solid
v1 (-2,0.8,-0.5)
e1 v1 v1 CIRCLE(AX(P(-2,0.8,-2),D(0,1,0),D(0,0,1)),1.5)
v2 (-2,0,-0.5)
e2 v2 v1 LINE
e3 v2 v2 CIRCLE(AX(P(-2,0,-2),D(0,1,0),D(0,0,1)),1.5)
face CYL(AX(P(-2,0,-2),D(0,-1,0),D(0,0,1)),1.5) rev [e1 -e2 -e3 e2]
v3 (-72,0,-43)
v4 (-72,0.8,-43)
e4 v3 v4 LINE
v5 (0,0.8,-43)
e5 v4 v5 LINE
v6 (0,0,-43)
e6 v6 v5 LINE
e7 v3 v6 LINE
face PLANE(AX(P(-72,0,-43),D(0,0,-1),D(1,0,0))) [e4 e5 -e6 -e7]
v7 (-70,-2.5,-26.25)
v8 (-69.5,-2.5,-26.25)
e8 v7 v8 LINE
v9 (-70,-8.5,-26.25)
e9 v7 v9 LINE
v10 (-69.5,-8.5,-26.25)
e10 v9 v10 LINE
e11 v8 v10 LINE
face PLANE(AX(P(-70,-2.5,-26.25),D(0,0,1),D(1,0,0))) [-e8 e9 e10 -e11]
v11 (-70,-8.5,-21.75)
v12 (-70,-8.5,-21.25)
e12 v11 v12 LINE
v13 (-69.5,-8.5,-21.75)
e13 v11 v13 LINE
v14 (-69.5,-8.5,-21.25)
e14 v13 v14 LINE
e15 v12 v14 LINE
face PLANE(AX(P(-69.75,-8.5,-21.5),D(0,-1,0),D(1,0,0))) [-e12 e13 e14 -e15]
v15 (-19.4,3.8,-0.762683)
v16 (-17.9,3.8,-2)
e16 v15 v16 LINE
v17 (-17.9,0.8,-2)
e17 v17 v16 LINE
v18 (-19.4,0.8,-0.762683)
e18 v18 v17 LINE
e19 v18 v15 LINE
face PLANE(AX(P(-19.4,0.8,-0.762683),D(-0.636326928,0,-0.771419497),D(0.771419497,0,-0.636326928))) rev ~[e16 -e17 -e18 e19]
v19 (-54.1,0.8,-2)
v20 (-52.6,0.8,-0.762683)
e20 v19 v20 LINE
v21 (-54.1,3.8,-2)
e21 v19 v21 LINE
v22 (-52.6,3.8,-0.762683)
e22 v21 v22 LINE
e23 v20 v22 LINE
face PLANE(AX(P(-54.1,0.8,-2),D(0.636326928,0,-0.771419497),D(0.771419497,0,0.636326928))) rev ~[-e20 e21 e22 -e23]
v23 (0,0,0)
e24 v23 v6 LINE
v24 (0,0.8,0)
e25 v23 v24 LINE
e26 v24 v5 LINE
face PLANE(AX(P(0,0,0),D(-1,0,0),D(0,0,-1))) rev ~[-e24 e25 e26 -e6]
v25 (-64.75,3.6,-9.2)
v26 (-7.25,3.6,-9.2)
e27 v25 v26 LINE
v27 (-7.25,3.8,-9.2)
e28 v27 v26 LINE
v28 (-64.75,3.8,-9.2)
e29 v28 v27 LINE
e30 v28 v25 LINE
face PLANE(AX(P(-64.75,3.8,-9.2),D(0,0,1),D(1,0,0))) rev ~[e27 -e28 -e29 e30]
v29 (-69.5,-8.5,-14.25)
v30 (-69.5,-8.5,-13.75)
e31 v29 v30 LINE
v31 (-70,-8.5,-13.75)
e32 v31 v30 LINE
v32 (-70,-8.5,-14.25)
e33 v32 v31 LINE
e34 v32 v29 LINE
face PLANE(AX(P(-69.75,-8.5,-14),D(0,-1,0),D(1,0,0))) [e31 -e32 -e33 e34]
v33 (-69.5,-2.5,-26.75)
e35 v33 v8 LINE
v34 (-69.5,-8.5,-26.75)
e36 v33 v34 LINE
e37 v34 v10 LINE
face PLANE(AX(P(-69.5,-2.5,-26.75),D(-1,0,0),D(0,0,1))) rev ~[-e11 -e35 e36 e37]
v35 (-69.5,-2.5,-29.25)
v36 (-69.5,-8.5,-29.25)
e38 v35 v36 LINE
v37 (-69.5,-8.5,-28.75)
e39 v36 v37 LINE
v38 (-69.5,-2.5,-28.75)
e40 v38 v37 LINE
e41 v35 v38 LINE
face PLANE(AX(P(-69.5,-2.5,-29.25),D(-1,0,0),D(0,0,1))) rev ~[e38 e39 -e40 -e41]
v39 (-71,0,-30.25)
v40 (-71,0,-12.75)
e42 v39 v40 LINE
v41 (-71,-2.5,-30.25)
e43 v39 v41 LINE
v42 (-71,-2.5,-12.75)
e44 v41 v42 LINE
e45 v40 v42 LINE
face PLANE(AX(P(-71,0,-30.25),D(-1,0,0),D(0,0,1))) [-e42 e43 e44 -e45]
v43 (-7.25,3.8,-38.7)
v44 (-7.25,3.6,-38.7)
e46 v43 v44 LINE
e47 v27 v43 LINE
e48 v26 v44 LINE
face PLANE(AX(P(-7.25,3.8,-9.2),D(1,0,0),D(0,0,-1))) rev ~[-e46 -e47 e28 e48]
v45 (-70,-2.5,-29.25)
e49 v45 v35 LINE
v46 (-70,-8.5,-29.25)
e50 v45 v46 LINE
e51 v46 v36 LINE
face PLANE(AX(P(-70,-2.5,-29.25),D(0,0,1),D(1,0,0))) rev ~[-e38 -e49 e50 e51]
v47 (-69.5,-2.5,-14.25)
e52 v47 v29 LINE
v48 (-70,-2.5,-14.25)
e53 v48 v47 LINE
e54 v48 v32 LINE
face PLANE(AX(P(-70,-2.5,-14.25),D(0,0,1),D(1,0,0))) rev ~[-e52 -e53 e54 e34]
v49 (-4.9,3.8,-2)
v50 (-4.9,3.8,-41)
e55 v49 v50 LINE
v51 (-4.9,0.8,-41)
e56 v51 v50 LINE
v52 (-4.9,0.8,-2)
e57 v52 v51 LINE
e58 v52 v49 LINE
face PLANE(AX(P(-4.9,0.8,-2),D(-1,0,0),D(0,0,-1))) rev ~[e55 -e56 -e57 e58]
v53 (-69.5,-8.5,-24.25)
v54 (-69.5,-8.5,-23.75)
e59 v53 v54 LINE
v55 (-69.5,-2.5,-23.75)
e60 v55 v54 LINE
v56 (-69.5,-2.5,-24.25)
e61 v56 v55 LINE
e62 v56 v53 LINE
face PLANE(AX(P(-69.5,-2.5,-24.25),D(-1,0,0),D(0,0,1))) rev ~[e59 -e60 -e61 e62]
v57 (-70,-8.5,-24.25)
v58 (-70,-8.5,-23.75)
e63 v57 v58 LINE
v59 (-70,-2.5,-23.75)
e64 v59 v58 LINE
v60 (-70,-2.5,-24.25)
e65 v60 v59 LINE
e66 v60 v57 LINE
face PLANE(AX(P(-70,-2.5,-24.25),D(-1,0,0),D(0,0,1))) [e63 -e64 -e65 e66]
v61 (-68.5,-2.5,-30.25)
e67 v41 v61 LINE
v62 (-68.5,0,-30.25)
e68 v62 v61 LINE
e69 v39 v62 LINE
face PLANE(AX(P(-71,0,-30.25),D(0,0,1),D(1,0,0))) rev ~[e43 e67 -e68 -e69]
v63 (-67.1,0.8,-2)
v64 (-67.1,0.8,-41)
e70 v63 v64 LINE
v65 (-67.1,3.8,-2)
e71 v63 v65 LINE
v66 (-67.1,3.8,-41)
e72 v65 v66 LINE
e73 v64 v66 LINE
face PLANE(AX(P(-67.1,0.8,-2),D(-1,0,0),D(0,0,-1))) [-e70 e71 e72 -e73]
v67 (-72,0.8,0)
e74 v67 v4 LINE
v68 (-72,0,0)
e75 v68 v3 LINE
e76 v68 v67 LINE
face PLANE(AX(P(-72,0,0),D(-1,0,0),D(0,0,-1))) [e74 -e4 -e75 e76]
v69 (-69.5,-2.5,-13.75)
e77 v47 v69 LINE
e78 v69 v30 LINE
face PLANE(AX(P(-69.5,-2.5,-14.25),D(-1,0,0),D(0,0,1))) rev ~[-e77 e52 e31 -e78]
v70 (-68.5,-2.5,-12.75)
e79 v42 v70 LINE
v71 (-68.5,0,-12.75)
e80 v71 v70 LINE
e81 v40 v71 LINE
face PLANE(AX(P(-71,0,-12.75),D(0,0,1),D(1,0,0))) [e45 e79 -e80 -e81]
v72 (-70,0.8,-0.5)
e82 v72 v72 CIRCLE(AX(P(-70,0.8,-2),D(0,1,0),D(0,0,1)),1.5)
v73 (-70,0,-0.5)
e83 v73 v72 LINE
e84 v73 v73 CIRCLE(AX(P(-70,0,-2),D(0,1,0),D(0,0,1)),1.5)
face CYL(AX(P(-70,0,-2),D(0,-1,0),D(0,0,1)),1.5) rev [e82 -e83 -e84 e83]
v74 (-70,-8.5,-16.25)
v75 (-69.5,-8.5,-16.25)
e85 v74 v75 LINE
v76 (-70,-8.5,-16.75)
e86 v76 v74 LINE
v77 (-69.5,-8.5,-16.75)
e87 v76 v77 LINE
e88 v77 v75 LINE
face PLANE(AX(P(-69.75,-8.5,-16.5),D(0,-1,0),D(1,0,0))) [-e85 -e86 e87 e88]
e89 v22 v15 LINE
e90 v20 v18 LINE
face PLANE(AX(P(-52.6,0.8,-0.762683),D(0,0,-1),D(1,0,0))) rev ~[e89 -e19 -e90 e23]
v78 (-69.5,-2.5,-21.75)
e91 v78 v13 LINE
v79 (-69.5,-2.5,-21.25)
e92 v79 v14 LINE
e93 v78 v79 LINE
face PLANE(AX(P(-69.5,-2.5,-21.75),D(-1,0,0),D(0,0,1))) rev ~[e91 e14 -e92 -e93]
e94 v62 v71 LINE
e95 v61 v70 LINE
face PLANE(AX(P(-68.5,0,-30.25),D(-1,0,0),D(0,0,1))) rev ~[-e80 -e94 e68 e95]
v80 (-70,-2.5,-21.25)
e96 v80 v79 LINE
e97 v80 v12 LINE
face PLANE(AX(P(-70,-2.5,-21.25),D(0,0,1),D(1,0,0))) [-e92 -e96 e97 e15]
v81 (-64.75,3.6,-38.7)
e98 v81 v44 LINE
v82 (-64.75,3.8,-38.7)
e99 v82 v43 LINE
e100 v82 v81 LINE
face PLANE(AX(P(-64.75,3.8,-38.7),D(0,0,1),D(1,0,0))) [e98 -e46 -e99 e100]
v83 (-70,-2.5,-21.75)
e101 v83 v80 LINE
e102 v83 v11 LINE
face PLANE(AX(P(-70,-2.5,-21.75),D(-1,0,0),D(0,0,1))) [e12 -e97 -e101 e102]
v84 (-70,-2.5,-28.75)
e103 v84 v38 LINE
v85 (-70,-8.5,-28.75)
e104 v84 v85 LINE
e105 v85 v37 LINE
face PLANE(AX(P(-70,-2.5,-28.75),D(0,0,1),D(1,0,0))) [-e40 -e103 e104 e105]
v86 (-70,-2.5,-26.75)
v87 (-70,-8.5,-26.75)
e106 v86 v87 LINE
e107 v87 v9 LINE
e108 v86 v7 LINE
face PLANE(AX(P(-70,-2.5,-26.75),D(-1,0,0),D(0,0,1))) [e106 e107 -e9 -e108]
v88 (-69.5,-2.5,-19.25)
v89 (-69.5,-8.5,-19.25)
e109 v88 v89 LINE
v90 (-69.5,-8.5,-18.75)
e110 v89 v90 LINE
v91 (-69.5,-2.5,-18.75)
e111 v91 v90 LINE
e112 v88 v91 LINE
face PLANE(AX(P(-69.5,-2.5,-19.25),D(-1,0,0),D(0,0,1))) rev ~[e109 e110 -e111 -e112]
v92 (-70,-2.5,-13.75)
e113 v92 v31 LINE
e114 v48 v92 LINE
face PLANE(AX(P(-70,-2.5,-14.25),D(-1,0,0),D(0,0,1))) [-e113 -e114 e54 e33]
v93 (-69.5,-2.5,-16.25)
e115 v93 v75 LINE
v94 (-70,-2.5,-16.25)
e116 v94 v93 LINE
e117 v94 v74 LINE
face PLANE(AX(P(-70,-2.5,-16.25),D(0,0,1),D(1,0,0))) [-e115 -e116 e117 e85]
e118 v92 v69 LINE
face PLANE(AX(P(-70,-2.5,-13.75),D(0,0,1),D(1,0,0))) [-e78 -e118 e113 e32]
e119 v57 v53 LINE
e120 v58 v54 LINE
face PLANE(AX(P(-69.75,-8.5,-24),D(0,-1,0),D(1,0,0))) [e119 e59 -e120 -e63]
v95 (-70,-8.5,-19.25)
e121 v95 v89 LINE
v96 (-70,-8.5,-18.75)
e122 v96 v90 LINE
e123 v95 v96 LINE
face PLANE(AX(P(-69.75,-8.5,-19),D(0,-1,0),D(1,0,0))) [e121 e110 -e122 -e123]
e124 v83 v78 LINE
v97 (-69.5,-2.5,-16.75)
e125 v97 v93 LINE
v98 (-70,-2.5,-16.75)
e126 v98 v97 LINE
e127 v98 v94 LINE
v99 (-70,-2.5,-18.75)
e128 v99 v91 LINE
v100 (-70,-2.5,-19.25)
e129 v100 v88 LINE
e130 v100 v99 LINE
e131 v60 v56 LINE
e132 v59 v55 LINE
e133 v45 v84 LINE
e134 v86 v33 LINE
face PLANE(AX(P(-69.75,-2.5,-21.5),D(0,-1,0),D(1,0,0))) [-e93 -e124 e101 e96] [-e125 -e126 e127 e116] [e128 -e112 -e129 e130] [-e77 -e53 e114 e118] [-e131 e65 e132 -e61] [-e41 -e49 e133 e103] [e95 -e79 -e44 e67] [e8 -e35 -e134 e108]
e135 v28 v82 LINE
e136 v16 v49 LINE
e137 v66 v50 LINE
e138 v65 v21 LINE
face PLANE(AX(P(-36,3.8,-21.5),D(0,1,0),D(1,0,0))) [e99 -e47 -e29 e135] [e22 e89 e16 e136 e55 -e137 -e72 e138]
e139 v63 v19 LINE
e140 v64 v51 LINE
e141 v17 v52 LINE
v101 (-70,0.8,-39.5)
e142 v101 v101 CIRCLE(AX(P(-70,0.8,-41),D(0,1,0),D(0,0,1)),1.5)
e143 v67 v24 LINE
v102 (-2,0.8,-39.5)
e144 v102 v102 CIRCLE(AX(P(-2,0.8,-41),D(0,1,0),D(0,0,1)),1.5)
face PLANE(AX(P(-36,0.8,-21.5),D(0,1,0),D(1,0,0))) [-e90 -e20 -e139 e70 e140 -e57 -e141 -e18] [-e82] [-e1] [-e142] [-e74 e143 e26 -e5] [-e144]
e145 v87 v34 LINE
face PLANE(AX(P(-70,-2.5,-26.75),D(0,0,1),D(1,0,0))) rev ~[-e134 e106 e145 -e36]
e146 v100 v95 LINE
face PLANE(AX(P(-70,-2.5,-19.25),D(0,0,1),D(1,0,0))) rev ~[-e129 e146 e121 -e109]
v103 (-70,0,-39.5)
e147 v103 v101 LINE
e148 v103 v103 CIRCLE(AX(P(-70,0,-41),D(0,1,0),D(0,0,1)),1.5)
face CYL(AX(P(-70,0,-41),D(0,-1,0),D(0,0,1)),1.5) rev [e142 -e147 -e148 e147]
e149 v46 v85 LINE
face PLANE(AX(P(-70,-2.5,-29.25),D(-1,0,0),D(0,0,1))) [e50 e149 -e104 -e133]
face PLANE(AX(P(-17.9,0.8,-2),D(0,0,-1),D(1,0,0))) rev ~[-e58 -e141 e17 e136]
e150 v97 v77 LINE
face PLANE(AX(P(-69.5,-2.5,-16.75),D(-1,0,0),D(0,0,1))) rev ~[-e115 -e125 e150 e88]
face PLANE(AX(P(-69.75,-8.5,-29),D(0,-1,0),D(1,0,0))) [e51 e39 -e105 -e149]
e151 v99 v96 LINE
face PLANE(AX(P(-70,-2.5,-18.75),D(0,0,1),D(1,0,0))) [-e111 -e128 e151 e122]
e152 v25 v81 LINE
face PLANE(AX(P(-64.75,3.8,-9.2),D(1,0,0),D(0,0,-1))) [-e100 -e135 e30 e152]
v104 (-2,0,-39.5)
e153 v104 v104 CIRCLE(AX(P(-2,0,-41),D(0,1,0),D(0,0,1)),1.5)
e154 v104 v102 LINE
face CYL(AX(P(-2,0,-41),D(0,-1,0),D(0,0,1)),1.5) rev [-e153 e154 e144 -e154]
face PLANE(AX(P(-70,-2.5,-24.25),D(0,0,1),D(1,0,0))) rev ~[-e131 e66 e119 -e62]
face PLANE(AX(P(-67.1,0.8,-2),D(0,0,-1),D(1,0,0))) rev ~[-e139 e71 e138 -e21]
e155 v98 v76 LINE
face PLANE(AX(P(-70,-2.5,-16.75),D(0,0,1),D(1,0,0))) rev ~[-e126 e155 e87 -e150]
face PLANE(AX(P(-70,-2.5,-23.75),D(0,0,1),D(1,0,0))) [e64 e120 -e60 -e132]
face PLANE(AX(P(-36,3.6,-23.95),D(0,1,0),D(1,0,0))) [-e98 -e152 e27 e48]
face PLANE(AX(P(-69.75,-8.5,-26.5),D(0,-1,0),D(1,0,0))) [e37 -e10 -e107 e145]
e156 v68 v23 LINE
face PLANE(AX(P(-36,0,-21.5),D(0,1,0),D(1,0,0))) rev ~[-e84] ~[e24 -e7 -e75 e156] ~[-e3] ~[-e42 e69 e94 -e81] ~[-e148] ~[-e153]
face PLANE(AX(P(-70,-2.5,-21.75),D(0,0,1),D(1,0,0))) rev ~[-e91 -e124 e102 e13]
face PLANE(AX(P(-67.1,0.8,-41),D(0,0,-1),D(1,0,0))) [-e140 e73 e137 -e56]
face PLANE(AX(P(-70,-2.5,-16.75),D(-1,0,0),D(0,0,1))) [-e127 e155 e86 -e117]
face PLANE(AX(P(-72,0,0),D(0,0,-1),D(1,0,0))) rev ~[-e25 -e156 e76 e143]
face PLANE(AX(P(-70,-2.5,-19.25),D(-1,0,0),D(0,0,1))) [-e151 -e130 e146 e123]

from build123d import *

# Parameters (mm, degrees)
SKETCH1_W           = 72
SKETCH1_H           = 43
SKETCH1_R           = 1.5
BOSS_EXTRUDE1_DEPTH = 0.8
SKETCH2_W           = 62.2
SKETCH2_H           = 39
SKETCH2_W_2         = 33.2
SKETCH2_H_2         = 1.237316914
BOSS_EXTRUDE2_DEPTH = 3
SKETCH3_W           = 57.5
SKETCH3_H           = 29.5
CUT_EXTRUDE1_DEPTH  = 0.2
SKETCH4_W           = 2.5
SKETCH4_H           = 17.5
BOSS_EXTRUDE3_DEPTH = 2.5
SKETCH5_W           = 0.5
SKETCH5_H           = 0.5
BOSS_EXTRUDE4_DEPTH = 6
LPATTERN1_COUNT     = 7
LPATTERN1_PITCH     = 2.5


with BuildPart() as part:
    # Sketch1 → Boss-Extrude1 (new body)
    with BuildSketch(Plane(origin=(0, 0, 0), x_dir=(1, 0, 0), z_dir=(0, 1, 0))):
        with Locations((-36, 21.5)):
            Rectangle(SKETCH1_W, SKETCH1_H)
        with Locations(Location((-70, 41, 0), (0, 0, 270))):
            Circle(SKETCH1_R, mode=Mode.SUBTRACT)
        with Locations(Location((-2, 41, 0), (0, 0, 270))):
            Circle(SKETCH1_R, mode=Mode.SUBTRACT)
        with Locations(Location((-2, 2, 0), (0, 0, 270))):
            Circle(SKETCH1_R, mode=Mode.SUBTRACT)
        with Locations(Location((-70, 2, 0), (0, 0, 270))):
            Circle(SKETCH1_R, mode=Mode.SUBTRACT)
    extrude(amount=BOSS_EXTRUDE1_DEPTH)

    # Sketch2 → Boss-Extrude2 (add)
    with BuildSketch(Plane(origin=(0, 0.8, 0), x_dir=(1, 0, 0), z_dir=(0, 1, 0))):
        with Locations((-36, 21.5)):
            Rectangle(SKETCH2_W, SKETCH2_H)
        with Locations((-36, 1.381341543)):
            Rectangle(SKETCH2_W_2, SKETCH2_H_2)
        Polygon((-19.4, 0.762683086), (-17.9, 2), (-19.4, 2), align=None)
        Polygon((-52.6, 2), (-54.1, 2), (-52.6, 0.762683086), align=None)
    extrude(amount=BOSS_EXTRUDE2_DEPTH)

    # Sketch3 → Cut-Extrude1 (cut)
    with BuildSketch(Plane(origin=(0, 3.8, 0), x_dir=(1, 0, 0), z_dir=(0, 1, 0))):
        with Locations((-36, 23.95)):
            Rectangle(SKETCH3_W, SKETCH3_H)
    extrude(amount=-CUT_EXTRUDE1_DEPTH, mode=Mode.SUBTRACT)

    # Sketch4 → Boss-Extrude3 (add)
    with BuildSketch(Plane.XZ):
        with Locations((-69.75, -21.5)):
            Rectangle(SKETCH4_W, SKETCH4_H)
    extrude(amount=BOSS_EXTRUDE3_DEPTH)

    # Sketch5 → Boss-Extrude4 (add)
    with BuildSketch(Plane.XZ.offset(2.5)):
        with Locations((-69.75, -14)):
            Rectangle(SKETCH5_W, SKETCH5_H)
    boss_extrude4 = extrude(amount=BOSS_EXTRUDE4_DEPTH)

    # LPattern1: Boss-Extrude4 ×7
    with Locations(*[(0, 0, -i * LPATTERN1_PITCH) for i in range(1, LPATTERN1_COUNT)]):
        add(boss_extrude4)


solid = part.part
